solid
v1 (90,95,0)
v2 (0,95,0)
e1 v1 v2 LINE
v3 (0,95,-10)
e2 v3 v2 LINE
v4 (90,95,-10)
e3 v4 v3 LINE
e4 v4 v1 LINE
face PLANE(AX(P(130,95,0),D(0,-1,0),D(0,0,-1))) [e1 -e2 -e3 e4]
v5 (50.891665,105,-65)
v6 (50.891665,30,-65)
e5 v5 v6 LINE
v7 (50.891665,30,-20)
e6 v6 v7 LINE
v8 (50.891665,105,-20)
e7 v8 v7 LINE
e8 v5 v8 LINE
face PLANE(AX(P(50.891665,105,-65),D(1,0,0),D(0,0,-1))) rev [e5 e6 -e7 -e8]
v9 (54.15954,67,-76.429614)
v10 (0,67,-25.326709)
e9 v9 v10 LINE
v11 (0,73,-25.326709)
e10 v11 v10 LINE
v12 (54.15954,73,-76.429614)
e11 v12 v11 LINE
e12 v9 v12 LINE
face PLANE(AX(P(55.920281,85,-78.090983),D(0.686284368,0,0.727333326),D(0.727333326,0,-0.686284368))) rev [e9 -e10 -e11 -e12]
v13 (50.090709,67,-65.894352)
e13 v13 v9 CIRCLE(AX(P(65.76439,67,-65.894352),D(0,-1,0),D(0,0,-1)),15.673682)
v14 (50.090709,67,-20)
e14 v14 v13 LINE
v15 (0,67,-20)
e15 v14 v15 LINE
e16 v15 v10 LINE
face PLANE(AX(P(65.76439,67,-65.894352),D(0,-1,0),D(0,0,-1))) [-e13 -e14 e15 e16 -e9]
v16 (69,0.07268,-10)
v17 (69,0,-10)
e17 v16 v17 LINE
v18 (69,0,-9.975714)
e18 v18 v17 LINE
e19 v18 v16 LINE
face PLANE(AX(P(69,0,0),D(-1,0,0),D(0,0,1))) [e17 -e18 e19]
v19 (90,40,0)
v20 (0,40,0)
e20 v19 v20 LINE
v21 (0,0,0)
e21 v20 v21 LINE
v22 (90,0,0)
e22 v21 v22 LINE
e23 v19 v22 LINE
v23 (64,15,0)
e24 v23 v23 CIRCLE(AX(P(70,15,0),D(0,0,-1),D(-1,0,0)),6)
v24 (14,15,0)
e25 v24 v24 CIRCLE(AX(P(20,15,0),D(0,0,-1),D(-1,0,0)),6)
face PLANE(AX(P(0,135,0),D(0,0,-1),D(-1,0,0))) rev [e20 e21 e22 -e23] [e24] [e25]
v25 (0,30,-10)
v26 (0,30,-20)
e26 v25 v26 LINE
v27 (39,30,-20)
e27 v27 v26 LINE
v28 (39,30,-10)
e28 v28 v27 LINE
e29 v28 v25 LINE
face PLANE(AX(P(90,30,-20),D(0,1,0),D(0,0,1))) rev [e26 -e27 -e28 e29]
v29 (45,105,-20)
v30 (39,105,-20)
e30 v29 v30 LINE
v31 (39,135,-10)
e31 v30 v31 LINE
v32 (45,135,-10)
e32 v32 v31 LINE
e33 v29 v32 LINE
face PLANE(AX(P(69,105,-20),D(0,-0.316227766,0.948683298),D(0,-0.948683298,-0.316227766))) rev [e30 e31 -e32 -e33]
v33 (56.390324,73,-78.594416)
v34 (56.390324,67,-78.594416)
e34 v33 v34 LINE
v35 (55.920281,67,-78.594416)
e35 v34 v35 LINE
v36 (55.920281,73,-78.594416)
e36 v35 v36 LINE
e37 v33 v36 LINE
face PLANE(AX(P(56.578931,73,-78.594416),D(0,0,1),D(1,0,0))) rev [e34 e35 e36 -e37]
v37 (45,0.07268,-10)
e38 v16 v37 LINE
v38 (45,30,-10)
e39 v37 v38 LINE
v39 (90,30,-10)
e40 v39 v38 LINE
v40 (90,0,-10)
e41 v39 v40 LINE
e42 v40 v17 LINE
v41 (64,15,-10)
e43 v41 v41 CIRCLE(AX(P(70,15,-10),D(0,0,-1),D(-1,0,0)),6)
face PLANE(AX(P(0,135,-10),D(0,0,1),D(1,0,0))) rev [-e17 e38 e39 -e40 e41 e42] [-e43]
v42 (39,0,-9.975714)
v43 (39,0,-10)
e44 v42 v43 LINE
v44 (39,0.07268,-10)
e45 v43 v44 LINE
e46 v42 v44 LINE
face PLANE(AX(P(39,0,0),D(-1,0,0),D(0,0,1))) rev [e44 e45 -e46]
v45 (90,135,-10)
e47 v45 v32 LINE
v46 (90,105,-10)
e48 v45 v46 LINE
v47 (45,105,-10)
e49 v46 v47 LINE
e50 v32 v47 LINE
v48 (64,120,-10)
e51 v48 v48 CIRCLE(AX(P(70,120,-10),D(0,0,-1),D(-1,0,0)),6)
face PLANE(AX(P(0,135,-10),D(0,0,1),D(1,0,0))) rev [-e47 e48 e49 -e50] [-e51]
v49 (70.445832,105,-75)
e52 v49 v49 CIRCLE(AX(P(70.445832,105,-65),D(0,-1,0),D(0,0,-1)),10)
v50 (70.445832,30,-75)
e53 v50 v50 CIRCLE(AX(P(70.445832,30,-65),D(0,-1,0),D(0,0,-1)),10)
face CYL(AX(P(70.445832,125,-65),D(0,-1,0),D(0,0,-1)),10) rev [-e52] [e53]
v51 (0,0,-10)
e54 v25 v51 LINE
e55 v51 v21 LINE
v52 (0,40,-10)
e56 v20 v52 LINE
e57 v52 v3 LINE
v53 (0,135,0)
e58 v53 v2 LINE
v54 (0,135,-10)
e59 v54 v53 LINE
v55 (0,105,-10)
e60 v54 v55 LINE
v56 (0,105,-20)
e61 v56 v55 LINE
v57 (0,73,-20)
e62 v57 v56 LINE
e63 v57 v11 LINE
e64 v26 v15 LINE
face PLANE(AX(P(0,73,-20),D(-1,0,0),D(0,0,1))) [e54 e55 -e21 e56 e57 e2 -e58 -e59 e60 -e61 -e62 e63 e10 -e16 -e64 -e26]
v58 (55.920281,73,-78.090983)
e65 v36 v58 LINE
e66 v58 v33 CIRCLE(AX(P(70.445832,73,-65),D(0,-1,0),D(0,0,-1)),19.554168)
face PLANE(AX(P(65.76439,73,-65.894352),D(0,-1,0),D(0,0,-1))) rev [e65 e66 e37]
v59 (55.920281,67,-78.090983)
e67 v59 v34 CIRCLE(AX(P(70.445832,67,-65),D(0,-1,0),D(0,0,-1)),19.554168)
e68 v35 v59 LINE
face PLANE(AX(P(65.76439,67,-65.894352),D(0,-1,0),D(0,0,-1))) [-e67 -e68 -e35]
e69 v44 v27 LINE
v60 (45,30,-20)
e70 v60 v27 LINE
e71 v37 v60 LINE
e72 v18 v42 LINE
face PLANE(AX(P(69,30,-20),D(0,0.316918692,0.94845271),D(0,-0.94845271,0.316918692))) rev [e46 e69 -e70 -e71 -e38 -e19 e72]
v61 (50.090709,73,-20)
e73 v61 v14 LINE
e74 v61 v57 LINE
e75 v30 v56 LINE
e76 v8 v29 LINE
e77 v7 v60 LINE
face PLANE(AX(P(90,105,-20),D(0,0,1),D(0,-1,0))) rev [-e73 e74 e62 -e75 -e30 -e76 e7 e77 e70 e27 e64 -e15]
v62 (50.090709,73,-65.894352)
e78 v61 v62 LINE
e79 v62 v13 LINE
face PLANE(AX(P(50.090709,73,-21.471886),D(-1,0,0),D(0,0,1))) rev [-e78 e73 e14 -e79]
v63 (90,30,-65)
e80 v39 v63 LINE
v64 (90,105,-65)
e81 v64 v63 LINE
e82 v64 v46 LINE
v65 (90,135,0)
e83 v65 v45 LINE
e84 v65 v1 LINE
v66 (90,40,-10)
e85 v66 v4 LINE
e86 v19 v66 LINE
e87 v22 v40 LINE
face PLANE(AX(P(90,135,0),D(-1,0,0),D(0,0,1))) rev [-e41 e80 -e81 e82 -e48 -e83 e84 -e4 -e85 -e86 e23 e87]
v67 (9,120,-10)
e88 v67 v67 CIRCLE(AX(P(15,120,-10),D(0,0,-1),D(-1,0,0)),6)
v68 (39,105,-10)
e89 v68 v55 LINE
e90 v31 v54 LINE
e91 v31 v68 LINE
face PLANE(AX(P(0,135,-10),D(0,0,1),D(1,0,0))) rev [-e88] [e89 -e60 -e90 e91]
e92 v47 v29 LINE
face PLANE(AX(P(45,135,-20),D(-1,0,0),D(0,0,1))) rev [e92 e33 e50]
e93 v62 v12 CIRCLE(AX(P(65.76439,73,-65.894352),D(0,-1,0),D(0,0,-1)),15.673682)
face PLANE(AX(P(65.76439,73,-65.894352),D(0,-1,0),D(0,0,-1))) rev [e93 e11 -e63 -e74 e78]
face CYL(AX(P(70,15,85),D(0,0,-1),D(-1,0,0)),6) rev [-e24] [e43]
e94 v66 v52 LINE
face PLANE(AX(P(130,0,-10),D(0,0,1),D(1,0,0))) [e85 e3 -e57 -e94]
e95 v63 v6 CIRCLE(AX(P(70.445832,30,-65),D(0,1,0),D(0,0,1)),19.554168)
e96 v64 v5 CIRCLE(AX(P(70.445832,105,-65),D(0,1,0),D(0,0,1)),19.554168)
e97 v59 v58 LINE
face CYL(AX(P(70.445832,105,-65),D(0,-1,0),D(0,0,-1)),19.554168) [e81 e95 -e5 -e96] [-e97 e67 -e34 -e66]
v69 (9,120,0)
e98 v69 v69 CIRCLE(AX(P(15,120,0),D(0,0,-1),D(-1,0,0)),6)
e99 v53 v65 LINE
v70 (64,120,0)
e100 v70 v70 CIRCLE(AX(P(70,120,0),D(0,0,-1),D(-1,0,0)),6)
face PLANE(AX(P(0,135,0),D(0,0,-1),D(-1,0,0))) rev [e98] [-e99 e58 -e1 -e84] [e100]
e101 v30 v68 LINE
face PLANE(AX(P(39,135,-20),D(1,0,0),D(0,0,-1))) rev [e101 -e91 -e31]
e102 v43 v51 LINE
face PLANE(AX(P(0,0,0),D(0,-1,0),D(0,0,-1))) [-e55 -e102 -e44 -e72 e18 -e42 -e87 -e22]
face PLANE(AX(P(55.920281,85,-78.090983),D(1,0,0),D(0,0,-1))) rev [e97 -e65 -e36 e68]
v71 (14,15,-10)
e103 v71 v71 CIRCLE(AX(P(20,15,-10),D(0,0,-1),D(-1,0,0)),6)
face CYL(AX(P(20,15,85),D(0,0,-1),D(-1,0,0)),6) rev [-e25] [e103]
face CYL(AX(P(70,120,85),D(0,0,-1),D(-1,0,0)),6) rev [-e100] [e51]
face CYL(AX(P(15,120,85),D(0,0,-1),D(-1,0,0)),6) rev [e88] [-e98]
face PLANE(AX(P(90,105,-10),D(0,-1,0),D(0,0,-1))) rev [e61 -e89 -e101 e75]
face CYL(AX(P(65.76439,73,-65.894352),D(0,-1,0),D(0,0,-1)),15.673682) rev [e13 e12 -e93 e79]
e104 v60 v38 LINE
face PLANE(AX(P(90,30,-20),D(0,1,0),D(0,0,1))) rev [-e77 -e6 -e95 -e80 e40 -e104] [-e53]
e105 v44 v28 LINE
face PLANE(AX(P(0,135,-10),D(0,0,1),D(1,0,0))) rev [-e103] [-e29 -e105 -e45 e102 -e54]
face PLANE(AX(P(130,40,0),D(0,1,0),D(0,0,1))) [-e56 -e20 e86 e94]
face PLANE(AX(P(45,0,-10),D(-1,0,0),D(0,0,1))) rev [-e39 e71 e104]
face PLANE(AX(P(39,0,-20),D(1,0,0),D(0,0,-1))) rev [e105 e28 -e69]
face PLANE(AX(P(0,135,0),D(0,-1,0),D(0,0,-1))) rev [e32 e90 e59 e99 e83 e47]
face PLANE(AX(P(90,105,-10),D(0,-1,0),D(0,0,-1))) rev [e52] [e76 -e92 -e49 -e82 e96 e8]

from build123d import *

# Parameters (mm, degrees)
SKETCH4_W           = 90
SKETCH4_H           = 10
BOSS_EXTRUDE3_DEPTH = 135
BOSS_EXTRUDE4_DEPTH = 90
SKETCH6_W           = 10
SKETCH6_H           = 55
CUT_EXTRUDE3_DEPTH  = 130
BOSS_EXTRUDE5_DEPTH = 75
SKETCH8_R           = 10
CUT_EXTRUDE4_DEPTH  = 95
SKETCH11_R          = 6
CUT_EXTRUDE5_DEPTH  = 95
SKETCH12_R          = 6
CUT_EXTRUDE6_DEPTH  = 95
SKETCH13_W          = 6
SKETCH13_H          = 10
BOSS_EXTRUDE6_DEPTH = 30
CUT_EXTRUDE7_DEPTH  = 30
BOSS_EXTRUDE7_DEPTH = 3
CUT_EXTRUDE10_DEPTH = 18
SKETCH18_W          = 6
SKETCH18_H          = 10
BOSS_EXTRUDE8_DEPTH = 30
CUT_EXTRUDE11_DEPTH = 30
SKETCH20_W          = 50.090708896
SKETCH20_H          = 1.471886497
BOSS_EXTRUDE9_DEPTH = 6
SKETCH21_W          = 9.793244498
SKETCH21_H          = 5.326709205
CUT_EXTRUDE12_DEPTH = 6


with BuildPart() as part:
    # Sketch4 → Boss-Extrude3 (new body)
    with BuildSketch(Plane(origin=(0, 0, 0), x_dir=(1, 0, 0), z_dir=(0, 1, 0))):
        with Locations((45, 5)):
            Rectangle(SKETCH4_W, SKETCH4_H)
    extrude(amount=BOSS_EXTRUDE3_DEPTH)

    # Sketch5 → Boss-Extrude4 (add)
    with BuildSketch(Plane(origin=(0, 0, 0), x_dir=(0, 0, -1), z_dir=(1, 0, 0))):
        Polygon((0, 0), (0, 40), (10, 40), (10, 95), (0, 95), (0, 135), (10, 135), (10, 105), (20, 105), (20, 30), (10, 30), (10, 0), align=None)
    extrude(amount=BOSS_EXTRUDE4_DEPTH)

    # Sketch6 → Cut-Extrude3 (cut)
    with BuildSketch(Plane.ZY):
        with Locations((-5, 67.5)):
            Rectangle(SKETCH6_W, SKETCH6_H)
    extrude(amount=-CUT_EXTRUDE3_DEPTH, mode=Mode.SUBTRACT)

    # Sketch7 → Boss-Extrude5 (add)
    with BuildSketch(Plane.XZ.offset(-30)):
        with BuildLine():
            Line((90, -20), (90, -65))
            ThreePointArc((90, -65), (70.445832322, -84.554167678), (50.891664643, -65))
            Line((50.891664643, -65), (50.891664643, -20))
            Line((50.891664643, -20), (90, -20))
        make_face()
    extrude(amount=-BOSS_EXTRUDE5_DEPTH)

    # Sketch8 → Cut-Extrude4 (cut)
    with BuildSketch(Plane.XZ.offset(-30)):
        with Locations((70.445832322, -65)):
            Circle(SKETCH8_R)
    extrude(amount=-CUT_EXTRUDE4_DEPTH, mode=Mode.SUBTRACT)

    # Sketch11 → Cut-Extrude5 (cut)
    with BuildSketch(Plane(origin=(0, 0, -10), x_dir=(-1, 0, 0), z_dir=(0, 0, -1))):
        with Locations((-70, 15)):
            Circle(SKETCH11_R)
        with Locations((-20, 15)):
            Circle(SKETCH11_R)
    extrude(amount=-CUT_EXTRUDE5_DEPTH, mode=Mode.SUBTRACT)

    # Sketch12 → Cut-Extrude6 (cut)
    with BuildSketch(Plane(origin=(0, 0, -10), x_dir=(-1, 0, 0), z_dir=(0, 0, -1))):
        with Locations((-70, 120)):
            Circle(SKETCH12_R)
        with Locations((-15, 120)):
            Circle(SKETCH12_R)
    extrude(amount=-CUT_EXTRUDE6_DEPTH, mode=Mode.SUBTRACT)

    # Sketch13 → Boss-Extrude6 (add)
    with BuildSketch(Plane.XZ.offset(-30)):
        with Locations((42, -15)):
            Rectangle(SKETCH13_W, SKETCH13_H)
    extrude(amount=BOSS_EXTRUDE6_DEPTH)

    # Sketch14 → Cut-Extrude7 (cut)
    with BuildSketch(Plane.ZY.offset(-39)):
        Polygon((-20, 30), (-9.033737426, -2.819084872), (-23.067852081, -4.027904728), (-23.067852081, 30), align=None)
    extrude(amount=-CUT_EXTRUDE7_DEPTH, mode=Mode.SUBTRACT)

    # Sketch16 → Boss-Extrude7 (add, symmetric)
    with BuildSketch(Plane(origin=(0, 70, 0), x_dir=(1, 0, 0), z_dir=(0, 1, 0))):
        with BuildLine():
            Line((50.090708896, 21.471886497), (50.090708896, 65.894352206))
            ThreePointArc((50.090708896, 65.894352206), (51.806699753, 73.025071947), (56.578931041, 78.594416359))
            Line((56.578931041, 78.594416359), (-4.085392515, 78.594416359))
            Line((-4.085392515, 78.594416359), (-4.085392515, 21.471886497))
            Line((-4.085392515, 21.471886497), (50.090708896, 21.471886497))
        make_face()
    extrude(amount=BOSS_EXTRUDE7_DEPTH, both=True)

    # Sketch17 → Cut-Extrude10 (cut, symmetric)
    with BuildSketch(Plane.XZ.offset(-67)):
        Polygon((55.920281495, -78.090983416), (-4.085392515, -21.471886497), (-4.085392515, -120.610546036), (55.920281495, -116.406239738), align=None)
    extrude(amount=CUT_EXTRUDE10_DEPTH, both=True, mode=Mode.SUBTRACT)

    # Sketch18 → Boss-Extrude8 (add)
    with BuildSketch(Plane(origin=(0, 105, 0), x_dir=(1, 0, 0), z_dir=(0, 1, 0))):
        with Locations((42, 15)):
            Rectangle(SKETCH18_W, SKETCH18_H)
    extrude(amount=BOSS_EXTRUDE8_DEPTH)

    # Sketch19 → Cut-Extrude11 (cut)
    with BuildSketch(Plane.ZY.offset(-39)):
        Polygon((-20, 105), (-10, 135), (-32.228945025, 136.35277526), (-34.026284176, 106.818709731), align=None)
    extrude(amount=-CUT_EXTRUDE11_DEPTH, mode=Mode.SUBTRACT)

    # Sketch20 → Boss-Extrude9 (add)
    with BuildSketch(Plane.XZ.offset(-67)):
        with Locations((25.045354448, -20.735943248)):
            Rectangle(SKETCH20_W, SKETCH20_H)
    extrude(amount=-BOSS_EXTRUDE9_DEPTH)

    # Sketch21 → Cut-Extrude12 (cut)
    with BuildSketch(Plane.XZ.offset(-67)):
        with Locations((-4.896622249, -22.663354603)):
            Rectangle(SKETCH21_W, SKETCH21_H)
    extrude(amount=-CUT_EXTRUDE12_DEPTH, mode=Mode.SUBTRACT)


solid = part.part
